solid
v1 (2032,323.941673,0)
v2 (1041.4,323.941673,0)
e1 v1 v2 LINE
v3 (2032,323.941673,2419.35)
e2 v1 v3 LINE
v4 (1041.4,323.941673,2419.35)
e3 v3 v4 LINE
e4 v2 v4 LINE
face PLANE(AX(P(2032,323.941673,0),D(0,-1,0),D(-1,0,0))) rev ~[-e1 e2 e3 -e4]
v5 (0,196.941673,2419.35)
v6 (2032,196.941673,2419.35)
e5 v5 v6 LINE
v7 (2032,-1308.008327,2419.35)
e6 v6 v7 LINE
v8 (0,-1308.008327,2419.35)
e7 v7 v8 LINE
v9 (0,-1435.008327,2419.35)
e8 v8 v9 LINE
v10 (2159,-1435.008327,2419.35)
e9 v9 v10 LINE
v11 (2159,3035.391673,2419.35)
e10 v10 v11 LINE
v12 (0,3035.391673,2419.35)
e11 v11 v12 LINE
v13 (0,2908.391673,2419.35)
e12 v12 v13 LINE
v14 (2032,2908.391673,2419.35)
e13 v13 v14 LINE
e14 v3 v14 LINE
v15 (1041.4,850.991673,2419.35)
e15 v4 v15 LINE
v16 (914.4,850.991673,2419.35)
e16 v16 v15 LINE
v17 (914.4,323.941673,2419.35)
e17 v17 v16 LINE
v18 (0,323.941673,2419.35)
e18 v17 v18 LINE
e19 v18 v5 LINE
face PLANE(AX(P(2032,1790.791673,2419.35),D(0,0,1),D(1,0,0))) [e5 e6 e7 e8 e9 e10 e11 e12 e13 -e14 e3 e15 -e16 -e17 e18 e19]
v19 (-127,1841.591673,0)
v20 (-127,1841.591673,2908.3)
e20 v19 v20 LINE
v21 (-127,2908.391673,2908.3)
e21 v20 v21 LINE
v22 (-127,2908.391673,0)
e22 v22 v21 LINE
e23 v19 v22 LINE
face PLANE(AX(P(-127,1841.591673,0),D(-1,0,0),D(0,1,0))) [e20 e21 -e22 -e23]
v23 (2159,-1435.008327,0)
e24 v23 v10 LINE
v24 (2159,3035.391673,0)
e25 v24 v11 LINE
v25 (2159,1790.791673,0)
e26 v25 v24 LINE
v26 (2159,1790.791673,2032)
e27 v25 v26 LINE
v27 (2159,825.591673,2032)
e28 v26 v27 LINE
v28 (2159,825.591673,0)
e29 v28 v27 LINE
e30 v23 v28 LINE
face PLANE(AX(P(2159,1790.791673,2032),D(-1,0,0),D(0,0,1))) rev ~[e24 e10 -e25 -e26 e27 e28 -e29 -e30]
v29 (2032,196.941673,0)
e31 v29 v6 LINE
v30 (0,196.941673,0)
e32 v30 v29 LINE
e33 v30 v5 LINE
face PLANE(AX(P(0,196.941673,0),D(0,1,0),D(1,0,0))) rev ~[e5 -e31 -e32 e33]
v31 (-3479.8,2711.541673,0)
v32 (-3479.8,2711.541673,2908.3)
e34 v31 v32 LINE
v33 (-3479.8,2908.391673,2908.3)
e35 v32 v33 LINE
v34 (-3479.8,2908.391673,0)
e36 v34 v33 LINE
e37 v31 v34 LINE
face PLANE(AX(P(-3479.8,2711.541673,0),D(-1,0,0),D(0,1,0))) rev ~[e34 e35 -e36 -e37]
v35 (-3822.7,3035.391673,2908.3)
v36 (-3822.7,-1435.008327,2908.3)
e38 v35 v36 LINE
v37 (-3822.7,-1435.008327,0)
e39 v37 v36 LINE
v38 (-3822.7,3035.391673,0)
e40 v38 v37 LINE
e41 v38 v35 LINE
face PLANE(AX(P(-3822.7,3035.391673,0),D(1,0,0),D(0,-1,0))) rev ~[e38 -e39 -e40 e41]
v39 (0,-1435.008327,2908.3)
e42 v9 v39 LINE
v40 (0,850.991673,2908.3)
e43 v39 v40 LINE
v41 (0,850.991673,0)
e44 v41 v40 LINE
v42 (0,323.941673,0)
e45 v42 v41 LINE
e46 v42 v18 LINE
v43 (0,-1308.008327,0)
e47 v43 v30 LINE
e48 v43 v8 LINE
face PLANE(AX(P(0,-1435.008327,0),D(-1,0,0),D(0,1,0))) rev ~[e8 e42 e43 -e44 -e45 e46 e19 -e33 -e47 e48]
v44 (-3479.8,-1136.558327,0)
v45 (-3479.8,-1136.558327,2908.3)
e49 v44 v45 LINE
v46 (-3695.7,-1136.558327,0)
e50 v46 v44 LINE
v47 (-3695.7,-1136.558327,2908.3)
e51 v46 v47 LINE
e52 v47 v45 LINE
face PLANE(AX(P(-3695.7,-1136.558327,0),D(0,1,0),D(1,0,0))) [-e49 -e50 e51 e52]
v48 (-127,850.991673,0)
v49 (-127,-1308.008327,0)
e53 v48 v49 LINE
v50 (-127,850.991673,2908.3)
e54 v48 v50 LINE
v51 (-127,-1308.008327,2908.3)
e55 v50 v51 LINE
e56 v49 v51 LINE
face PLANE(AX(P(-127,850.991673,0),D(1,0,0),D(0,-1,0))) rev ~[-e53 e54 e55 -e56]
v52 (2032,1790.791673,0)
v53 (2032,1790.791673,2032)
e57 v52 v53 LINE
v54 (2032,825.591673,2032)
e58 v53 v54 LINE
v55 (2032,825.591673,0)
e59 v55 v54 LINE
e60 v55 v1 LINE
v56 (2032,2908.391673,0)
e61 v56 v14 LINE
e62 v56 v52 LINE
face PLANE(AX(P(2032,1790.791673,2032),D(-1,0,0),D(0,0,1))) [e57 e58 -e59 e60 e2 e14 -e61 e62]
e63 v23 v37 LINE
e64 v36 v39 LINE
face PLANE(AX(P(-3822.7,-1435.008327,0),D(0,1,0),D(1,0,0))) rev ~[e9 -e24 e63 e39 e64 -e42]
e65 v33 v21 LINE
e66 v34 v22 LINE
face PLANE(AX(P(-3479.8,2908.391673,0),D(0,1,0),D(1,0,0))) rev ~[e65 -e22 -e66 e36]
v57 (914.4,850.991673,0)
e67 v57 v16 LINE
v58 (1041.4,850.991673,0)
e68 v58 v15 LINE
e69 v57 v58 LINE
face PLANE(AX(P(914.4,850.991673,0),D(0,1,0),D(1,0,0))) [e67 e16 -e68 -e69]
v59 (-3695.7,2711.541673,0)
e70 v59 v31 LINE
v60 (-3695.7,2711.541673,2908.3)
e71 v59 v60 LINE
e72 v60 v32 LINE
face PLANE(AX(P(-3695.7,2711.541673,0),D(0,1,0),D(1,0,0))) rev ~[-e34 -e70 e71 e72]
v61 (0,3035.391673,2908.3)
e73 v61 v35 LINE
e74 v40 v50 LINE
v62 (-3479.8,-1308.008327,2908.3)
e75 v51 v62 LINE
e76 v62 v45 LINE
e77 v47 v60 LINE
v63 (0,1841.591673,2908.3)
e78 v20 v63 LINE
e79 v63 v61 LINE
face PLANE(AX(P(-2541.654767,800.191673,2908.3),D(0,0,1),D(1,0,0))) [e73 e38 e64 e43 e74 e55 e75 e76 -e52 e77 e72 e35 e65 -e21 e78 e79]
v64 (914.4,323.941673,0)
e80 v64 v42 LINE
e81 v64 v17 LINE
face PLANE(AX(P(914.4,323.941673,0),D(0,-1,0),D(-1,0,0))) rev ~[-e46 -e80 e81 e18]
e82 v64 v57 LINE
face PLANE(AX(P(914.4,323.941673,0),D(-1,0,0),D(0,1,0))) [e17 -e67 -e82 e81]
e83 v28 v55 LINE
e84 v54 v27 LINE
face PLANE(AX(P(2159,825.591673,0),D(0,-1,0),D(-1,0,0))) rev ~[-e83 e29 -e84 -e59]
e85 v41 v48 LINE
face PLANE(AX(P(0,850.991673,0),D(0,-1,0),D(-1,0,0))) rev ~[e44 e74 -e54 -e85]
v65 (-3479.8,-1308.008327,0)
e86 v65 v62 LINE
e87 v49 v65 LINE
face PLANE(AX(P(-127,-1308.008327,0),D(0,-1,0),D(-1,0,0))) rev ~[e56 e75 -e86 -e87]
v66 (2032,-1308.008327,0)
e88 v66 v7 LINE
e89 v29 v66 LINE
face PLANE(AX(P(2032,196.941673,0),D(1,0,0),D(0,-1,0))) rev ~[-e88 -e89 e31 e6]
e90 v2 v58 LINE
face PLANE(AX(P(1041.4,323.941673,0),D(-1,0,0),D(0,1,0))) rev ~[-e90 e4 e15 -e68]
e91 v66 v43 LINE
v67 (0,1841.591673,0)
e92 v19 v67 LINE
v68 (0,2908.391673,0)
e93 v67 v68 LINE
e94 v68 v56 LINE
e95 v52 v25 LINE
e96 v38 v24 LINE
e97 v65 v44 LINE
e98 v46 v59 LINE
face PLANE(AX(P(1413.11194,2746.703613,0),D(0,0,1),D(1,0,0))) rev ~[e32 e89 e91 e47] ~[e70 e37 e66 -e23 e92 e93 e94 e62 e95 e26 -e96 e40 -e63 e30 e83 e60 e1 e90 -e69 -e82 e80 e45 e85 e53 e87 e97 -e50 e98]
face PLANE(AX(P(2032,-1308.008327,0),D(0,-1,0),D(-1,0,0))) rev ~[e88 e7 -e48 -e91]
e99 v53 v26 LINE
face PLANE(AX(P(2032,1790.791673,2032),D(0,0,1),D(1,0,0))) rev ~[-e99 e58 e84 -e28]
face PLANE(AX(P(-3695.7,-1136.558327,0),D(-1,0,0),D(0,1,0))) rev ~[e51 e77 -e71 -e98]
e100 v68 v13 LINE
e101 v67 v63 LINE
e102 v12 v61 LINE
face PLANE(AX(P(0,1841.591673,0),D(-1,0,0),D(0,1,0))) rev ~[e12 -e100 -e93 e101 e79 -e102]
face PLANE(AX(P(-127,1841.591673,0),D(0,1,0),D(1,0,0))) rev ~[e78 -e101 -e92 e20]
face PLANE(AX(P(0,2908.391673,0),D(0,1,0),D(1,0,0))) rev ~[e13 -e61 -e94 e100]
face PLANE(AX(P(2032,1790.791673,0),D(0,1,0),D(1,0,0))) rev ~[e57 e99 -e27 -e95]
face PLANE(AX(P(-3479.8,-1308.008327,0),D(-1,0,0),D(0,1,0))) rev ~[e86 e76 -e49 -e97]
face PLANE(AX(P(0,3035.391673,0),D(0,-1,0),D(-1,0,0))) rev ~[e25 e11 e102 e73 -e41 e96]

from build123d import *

# Parameters (mm, degrees)
F0_W     = 127
F0_H     = 1066.8
F0_W_2   = 215.9
F0_H_2   = 171.45
F0_H_3   = 196.85
F1_DEPTH = 2908.3
F0_H_4   = 527.05
F2_DEPTH = 2419.35
F3_W     = 127
F3_H     = 387.35
F4_DEPTH = 965.2


with BuildPart() as f1:
    # F0 (on Top) → F1 (new body)
    with BuildSketch(Plane.XY):
        Polygon((-3695.7, 2711.541673), (-3695.7, 2908.391673), (-3479.8, 2908.391673), (-127, 2908.391673), (0, 2908.391673), (0, 3035.391673), (-3822.7, 3035.391673), (-3822.7, -1435.008327), (0, -1435.008327), (0, -1308.008327), (-127, -1308.008327), (-3479.8, -1308.008327), (-3695.7, -1308.008327), (-3695.7, -1136.558327), align=None)
        Polygon((0, 850.991673), (-127, 850.991673), (-127, -1308.008327), (0, -1308.008327), (0, 196.941673), (0, 323.941673), align=None)
        with Locations((-63.5, 2374.991673)):
            Rectangle(F0_W, F0_H)
        with Locations((-3587.75, -1222.283327)):
            Rectangle(F0_W_2, F0_H_2)
        with Locations((-3587.75, 2809.966673)):
            Rectangle(F0_W_2, F0_H_3)
    extrude(amount=F1_DEPTH)

    # F0 (on Top) → F2 (join)
    with BuildSketch(Plane.XY):
        Polygon((0, 3035.391673), (0, 2908.391673), (2032, 2908.391673), (2032, 1790.791673), (2159, 1790.791673), (2159, 3035.391673), align=None)
        with Locations((977.9, 587.466673)):
            Rectangle(F0_W, F0_H_4)
        Polygon((914.4, 323.941673), (0, 323.941673), (0, 196.941673), (2032, 196.941673), (2032, 323.941673), (1041.4, 323.941673), align=None)
        Polygon((2032, -1308.008327), (0, -1308.008327), (0, -1435.008327), (2159, -1435.008327), (2159, 825.591673), (2032, 825.591673), (2032, 323.941673), (2032, 196.941673), align=None)
    extrude(amount=F2_DEPTH)

    # F3 (on face) → F4 (join)
    with BuildSketch(Plane.XZ.offset(-1790.791673)):
        with Locations((2095.5, 2225.675)):
            Rectangle(F3_W, F3_H)
    extrude(amount=F4_DEPTH)


solid = f1.part
